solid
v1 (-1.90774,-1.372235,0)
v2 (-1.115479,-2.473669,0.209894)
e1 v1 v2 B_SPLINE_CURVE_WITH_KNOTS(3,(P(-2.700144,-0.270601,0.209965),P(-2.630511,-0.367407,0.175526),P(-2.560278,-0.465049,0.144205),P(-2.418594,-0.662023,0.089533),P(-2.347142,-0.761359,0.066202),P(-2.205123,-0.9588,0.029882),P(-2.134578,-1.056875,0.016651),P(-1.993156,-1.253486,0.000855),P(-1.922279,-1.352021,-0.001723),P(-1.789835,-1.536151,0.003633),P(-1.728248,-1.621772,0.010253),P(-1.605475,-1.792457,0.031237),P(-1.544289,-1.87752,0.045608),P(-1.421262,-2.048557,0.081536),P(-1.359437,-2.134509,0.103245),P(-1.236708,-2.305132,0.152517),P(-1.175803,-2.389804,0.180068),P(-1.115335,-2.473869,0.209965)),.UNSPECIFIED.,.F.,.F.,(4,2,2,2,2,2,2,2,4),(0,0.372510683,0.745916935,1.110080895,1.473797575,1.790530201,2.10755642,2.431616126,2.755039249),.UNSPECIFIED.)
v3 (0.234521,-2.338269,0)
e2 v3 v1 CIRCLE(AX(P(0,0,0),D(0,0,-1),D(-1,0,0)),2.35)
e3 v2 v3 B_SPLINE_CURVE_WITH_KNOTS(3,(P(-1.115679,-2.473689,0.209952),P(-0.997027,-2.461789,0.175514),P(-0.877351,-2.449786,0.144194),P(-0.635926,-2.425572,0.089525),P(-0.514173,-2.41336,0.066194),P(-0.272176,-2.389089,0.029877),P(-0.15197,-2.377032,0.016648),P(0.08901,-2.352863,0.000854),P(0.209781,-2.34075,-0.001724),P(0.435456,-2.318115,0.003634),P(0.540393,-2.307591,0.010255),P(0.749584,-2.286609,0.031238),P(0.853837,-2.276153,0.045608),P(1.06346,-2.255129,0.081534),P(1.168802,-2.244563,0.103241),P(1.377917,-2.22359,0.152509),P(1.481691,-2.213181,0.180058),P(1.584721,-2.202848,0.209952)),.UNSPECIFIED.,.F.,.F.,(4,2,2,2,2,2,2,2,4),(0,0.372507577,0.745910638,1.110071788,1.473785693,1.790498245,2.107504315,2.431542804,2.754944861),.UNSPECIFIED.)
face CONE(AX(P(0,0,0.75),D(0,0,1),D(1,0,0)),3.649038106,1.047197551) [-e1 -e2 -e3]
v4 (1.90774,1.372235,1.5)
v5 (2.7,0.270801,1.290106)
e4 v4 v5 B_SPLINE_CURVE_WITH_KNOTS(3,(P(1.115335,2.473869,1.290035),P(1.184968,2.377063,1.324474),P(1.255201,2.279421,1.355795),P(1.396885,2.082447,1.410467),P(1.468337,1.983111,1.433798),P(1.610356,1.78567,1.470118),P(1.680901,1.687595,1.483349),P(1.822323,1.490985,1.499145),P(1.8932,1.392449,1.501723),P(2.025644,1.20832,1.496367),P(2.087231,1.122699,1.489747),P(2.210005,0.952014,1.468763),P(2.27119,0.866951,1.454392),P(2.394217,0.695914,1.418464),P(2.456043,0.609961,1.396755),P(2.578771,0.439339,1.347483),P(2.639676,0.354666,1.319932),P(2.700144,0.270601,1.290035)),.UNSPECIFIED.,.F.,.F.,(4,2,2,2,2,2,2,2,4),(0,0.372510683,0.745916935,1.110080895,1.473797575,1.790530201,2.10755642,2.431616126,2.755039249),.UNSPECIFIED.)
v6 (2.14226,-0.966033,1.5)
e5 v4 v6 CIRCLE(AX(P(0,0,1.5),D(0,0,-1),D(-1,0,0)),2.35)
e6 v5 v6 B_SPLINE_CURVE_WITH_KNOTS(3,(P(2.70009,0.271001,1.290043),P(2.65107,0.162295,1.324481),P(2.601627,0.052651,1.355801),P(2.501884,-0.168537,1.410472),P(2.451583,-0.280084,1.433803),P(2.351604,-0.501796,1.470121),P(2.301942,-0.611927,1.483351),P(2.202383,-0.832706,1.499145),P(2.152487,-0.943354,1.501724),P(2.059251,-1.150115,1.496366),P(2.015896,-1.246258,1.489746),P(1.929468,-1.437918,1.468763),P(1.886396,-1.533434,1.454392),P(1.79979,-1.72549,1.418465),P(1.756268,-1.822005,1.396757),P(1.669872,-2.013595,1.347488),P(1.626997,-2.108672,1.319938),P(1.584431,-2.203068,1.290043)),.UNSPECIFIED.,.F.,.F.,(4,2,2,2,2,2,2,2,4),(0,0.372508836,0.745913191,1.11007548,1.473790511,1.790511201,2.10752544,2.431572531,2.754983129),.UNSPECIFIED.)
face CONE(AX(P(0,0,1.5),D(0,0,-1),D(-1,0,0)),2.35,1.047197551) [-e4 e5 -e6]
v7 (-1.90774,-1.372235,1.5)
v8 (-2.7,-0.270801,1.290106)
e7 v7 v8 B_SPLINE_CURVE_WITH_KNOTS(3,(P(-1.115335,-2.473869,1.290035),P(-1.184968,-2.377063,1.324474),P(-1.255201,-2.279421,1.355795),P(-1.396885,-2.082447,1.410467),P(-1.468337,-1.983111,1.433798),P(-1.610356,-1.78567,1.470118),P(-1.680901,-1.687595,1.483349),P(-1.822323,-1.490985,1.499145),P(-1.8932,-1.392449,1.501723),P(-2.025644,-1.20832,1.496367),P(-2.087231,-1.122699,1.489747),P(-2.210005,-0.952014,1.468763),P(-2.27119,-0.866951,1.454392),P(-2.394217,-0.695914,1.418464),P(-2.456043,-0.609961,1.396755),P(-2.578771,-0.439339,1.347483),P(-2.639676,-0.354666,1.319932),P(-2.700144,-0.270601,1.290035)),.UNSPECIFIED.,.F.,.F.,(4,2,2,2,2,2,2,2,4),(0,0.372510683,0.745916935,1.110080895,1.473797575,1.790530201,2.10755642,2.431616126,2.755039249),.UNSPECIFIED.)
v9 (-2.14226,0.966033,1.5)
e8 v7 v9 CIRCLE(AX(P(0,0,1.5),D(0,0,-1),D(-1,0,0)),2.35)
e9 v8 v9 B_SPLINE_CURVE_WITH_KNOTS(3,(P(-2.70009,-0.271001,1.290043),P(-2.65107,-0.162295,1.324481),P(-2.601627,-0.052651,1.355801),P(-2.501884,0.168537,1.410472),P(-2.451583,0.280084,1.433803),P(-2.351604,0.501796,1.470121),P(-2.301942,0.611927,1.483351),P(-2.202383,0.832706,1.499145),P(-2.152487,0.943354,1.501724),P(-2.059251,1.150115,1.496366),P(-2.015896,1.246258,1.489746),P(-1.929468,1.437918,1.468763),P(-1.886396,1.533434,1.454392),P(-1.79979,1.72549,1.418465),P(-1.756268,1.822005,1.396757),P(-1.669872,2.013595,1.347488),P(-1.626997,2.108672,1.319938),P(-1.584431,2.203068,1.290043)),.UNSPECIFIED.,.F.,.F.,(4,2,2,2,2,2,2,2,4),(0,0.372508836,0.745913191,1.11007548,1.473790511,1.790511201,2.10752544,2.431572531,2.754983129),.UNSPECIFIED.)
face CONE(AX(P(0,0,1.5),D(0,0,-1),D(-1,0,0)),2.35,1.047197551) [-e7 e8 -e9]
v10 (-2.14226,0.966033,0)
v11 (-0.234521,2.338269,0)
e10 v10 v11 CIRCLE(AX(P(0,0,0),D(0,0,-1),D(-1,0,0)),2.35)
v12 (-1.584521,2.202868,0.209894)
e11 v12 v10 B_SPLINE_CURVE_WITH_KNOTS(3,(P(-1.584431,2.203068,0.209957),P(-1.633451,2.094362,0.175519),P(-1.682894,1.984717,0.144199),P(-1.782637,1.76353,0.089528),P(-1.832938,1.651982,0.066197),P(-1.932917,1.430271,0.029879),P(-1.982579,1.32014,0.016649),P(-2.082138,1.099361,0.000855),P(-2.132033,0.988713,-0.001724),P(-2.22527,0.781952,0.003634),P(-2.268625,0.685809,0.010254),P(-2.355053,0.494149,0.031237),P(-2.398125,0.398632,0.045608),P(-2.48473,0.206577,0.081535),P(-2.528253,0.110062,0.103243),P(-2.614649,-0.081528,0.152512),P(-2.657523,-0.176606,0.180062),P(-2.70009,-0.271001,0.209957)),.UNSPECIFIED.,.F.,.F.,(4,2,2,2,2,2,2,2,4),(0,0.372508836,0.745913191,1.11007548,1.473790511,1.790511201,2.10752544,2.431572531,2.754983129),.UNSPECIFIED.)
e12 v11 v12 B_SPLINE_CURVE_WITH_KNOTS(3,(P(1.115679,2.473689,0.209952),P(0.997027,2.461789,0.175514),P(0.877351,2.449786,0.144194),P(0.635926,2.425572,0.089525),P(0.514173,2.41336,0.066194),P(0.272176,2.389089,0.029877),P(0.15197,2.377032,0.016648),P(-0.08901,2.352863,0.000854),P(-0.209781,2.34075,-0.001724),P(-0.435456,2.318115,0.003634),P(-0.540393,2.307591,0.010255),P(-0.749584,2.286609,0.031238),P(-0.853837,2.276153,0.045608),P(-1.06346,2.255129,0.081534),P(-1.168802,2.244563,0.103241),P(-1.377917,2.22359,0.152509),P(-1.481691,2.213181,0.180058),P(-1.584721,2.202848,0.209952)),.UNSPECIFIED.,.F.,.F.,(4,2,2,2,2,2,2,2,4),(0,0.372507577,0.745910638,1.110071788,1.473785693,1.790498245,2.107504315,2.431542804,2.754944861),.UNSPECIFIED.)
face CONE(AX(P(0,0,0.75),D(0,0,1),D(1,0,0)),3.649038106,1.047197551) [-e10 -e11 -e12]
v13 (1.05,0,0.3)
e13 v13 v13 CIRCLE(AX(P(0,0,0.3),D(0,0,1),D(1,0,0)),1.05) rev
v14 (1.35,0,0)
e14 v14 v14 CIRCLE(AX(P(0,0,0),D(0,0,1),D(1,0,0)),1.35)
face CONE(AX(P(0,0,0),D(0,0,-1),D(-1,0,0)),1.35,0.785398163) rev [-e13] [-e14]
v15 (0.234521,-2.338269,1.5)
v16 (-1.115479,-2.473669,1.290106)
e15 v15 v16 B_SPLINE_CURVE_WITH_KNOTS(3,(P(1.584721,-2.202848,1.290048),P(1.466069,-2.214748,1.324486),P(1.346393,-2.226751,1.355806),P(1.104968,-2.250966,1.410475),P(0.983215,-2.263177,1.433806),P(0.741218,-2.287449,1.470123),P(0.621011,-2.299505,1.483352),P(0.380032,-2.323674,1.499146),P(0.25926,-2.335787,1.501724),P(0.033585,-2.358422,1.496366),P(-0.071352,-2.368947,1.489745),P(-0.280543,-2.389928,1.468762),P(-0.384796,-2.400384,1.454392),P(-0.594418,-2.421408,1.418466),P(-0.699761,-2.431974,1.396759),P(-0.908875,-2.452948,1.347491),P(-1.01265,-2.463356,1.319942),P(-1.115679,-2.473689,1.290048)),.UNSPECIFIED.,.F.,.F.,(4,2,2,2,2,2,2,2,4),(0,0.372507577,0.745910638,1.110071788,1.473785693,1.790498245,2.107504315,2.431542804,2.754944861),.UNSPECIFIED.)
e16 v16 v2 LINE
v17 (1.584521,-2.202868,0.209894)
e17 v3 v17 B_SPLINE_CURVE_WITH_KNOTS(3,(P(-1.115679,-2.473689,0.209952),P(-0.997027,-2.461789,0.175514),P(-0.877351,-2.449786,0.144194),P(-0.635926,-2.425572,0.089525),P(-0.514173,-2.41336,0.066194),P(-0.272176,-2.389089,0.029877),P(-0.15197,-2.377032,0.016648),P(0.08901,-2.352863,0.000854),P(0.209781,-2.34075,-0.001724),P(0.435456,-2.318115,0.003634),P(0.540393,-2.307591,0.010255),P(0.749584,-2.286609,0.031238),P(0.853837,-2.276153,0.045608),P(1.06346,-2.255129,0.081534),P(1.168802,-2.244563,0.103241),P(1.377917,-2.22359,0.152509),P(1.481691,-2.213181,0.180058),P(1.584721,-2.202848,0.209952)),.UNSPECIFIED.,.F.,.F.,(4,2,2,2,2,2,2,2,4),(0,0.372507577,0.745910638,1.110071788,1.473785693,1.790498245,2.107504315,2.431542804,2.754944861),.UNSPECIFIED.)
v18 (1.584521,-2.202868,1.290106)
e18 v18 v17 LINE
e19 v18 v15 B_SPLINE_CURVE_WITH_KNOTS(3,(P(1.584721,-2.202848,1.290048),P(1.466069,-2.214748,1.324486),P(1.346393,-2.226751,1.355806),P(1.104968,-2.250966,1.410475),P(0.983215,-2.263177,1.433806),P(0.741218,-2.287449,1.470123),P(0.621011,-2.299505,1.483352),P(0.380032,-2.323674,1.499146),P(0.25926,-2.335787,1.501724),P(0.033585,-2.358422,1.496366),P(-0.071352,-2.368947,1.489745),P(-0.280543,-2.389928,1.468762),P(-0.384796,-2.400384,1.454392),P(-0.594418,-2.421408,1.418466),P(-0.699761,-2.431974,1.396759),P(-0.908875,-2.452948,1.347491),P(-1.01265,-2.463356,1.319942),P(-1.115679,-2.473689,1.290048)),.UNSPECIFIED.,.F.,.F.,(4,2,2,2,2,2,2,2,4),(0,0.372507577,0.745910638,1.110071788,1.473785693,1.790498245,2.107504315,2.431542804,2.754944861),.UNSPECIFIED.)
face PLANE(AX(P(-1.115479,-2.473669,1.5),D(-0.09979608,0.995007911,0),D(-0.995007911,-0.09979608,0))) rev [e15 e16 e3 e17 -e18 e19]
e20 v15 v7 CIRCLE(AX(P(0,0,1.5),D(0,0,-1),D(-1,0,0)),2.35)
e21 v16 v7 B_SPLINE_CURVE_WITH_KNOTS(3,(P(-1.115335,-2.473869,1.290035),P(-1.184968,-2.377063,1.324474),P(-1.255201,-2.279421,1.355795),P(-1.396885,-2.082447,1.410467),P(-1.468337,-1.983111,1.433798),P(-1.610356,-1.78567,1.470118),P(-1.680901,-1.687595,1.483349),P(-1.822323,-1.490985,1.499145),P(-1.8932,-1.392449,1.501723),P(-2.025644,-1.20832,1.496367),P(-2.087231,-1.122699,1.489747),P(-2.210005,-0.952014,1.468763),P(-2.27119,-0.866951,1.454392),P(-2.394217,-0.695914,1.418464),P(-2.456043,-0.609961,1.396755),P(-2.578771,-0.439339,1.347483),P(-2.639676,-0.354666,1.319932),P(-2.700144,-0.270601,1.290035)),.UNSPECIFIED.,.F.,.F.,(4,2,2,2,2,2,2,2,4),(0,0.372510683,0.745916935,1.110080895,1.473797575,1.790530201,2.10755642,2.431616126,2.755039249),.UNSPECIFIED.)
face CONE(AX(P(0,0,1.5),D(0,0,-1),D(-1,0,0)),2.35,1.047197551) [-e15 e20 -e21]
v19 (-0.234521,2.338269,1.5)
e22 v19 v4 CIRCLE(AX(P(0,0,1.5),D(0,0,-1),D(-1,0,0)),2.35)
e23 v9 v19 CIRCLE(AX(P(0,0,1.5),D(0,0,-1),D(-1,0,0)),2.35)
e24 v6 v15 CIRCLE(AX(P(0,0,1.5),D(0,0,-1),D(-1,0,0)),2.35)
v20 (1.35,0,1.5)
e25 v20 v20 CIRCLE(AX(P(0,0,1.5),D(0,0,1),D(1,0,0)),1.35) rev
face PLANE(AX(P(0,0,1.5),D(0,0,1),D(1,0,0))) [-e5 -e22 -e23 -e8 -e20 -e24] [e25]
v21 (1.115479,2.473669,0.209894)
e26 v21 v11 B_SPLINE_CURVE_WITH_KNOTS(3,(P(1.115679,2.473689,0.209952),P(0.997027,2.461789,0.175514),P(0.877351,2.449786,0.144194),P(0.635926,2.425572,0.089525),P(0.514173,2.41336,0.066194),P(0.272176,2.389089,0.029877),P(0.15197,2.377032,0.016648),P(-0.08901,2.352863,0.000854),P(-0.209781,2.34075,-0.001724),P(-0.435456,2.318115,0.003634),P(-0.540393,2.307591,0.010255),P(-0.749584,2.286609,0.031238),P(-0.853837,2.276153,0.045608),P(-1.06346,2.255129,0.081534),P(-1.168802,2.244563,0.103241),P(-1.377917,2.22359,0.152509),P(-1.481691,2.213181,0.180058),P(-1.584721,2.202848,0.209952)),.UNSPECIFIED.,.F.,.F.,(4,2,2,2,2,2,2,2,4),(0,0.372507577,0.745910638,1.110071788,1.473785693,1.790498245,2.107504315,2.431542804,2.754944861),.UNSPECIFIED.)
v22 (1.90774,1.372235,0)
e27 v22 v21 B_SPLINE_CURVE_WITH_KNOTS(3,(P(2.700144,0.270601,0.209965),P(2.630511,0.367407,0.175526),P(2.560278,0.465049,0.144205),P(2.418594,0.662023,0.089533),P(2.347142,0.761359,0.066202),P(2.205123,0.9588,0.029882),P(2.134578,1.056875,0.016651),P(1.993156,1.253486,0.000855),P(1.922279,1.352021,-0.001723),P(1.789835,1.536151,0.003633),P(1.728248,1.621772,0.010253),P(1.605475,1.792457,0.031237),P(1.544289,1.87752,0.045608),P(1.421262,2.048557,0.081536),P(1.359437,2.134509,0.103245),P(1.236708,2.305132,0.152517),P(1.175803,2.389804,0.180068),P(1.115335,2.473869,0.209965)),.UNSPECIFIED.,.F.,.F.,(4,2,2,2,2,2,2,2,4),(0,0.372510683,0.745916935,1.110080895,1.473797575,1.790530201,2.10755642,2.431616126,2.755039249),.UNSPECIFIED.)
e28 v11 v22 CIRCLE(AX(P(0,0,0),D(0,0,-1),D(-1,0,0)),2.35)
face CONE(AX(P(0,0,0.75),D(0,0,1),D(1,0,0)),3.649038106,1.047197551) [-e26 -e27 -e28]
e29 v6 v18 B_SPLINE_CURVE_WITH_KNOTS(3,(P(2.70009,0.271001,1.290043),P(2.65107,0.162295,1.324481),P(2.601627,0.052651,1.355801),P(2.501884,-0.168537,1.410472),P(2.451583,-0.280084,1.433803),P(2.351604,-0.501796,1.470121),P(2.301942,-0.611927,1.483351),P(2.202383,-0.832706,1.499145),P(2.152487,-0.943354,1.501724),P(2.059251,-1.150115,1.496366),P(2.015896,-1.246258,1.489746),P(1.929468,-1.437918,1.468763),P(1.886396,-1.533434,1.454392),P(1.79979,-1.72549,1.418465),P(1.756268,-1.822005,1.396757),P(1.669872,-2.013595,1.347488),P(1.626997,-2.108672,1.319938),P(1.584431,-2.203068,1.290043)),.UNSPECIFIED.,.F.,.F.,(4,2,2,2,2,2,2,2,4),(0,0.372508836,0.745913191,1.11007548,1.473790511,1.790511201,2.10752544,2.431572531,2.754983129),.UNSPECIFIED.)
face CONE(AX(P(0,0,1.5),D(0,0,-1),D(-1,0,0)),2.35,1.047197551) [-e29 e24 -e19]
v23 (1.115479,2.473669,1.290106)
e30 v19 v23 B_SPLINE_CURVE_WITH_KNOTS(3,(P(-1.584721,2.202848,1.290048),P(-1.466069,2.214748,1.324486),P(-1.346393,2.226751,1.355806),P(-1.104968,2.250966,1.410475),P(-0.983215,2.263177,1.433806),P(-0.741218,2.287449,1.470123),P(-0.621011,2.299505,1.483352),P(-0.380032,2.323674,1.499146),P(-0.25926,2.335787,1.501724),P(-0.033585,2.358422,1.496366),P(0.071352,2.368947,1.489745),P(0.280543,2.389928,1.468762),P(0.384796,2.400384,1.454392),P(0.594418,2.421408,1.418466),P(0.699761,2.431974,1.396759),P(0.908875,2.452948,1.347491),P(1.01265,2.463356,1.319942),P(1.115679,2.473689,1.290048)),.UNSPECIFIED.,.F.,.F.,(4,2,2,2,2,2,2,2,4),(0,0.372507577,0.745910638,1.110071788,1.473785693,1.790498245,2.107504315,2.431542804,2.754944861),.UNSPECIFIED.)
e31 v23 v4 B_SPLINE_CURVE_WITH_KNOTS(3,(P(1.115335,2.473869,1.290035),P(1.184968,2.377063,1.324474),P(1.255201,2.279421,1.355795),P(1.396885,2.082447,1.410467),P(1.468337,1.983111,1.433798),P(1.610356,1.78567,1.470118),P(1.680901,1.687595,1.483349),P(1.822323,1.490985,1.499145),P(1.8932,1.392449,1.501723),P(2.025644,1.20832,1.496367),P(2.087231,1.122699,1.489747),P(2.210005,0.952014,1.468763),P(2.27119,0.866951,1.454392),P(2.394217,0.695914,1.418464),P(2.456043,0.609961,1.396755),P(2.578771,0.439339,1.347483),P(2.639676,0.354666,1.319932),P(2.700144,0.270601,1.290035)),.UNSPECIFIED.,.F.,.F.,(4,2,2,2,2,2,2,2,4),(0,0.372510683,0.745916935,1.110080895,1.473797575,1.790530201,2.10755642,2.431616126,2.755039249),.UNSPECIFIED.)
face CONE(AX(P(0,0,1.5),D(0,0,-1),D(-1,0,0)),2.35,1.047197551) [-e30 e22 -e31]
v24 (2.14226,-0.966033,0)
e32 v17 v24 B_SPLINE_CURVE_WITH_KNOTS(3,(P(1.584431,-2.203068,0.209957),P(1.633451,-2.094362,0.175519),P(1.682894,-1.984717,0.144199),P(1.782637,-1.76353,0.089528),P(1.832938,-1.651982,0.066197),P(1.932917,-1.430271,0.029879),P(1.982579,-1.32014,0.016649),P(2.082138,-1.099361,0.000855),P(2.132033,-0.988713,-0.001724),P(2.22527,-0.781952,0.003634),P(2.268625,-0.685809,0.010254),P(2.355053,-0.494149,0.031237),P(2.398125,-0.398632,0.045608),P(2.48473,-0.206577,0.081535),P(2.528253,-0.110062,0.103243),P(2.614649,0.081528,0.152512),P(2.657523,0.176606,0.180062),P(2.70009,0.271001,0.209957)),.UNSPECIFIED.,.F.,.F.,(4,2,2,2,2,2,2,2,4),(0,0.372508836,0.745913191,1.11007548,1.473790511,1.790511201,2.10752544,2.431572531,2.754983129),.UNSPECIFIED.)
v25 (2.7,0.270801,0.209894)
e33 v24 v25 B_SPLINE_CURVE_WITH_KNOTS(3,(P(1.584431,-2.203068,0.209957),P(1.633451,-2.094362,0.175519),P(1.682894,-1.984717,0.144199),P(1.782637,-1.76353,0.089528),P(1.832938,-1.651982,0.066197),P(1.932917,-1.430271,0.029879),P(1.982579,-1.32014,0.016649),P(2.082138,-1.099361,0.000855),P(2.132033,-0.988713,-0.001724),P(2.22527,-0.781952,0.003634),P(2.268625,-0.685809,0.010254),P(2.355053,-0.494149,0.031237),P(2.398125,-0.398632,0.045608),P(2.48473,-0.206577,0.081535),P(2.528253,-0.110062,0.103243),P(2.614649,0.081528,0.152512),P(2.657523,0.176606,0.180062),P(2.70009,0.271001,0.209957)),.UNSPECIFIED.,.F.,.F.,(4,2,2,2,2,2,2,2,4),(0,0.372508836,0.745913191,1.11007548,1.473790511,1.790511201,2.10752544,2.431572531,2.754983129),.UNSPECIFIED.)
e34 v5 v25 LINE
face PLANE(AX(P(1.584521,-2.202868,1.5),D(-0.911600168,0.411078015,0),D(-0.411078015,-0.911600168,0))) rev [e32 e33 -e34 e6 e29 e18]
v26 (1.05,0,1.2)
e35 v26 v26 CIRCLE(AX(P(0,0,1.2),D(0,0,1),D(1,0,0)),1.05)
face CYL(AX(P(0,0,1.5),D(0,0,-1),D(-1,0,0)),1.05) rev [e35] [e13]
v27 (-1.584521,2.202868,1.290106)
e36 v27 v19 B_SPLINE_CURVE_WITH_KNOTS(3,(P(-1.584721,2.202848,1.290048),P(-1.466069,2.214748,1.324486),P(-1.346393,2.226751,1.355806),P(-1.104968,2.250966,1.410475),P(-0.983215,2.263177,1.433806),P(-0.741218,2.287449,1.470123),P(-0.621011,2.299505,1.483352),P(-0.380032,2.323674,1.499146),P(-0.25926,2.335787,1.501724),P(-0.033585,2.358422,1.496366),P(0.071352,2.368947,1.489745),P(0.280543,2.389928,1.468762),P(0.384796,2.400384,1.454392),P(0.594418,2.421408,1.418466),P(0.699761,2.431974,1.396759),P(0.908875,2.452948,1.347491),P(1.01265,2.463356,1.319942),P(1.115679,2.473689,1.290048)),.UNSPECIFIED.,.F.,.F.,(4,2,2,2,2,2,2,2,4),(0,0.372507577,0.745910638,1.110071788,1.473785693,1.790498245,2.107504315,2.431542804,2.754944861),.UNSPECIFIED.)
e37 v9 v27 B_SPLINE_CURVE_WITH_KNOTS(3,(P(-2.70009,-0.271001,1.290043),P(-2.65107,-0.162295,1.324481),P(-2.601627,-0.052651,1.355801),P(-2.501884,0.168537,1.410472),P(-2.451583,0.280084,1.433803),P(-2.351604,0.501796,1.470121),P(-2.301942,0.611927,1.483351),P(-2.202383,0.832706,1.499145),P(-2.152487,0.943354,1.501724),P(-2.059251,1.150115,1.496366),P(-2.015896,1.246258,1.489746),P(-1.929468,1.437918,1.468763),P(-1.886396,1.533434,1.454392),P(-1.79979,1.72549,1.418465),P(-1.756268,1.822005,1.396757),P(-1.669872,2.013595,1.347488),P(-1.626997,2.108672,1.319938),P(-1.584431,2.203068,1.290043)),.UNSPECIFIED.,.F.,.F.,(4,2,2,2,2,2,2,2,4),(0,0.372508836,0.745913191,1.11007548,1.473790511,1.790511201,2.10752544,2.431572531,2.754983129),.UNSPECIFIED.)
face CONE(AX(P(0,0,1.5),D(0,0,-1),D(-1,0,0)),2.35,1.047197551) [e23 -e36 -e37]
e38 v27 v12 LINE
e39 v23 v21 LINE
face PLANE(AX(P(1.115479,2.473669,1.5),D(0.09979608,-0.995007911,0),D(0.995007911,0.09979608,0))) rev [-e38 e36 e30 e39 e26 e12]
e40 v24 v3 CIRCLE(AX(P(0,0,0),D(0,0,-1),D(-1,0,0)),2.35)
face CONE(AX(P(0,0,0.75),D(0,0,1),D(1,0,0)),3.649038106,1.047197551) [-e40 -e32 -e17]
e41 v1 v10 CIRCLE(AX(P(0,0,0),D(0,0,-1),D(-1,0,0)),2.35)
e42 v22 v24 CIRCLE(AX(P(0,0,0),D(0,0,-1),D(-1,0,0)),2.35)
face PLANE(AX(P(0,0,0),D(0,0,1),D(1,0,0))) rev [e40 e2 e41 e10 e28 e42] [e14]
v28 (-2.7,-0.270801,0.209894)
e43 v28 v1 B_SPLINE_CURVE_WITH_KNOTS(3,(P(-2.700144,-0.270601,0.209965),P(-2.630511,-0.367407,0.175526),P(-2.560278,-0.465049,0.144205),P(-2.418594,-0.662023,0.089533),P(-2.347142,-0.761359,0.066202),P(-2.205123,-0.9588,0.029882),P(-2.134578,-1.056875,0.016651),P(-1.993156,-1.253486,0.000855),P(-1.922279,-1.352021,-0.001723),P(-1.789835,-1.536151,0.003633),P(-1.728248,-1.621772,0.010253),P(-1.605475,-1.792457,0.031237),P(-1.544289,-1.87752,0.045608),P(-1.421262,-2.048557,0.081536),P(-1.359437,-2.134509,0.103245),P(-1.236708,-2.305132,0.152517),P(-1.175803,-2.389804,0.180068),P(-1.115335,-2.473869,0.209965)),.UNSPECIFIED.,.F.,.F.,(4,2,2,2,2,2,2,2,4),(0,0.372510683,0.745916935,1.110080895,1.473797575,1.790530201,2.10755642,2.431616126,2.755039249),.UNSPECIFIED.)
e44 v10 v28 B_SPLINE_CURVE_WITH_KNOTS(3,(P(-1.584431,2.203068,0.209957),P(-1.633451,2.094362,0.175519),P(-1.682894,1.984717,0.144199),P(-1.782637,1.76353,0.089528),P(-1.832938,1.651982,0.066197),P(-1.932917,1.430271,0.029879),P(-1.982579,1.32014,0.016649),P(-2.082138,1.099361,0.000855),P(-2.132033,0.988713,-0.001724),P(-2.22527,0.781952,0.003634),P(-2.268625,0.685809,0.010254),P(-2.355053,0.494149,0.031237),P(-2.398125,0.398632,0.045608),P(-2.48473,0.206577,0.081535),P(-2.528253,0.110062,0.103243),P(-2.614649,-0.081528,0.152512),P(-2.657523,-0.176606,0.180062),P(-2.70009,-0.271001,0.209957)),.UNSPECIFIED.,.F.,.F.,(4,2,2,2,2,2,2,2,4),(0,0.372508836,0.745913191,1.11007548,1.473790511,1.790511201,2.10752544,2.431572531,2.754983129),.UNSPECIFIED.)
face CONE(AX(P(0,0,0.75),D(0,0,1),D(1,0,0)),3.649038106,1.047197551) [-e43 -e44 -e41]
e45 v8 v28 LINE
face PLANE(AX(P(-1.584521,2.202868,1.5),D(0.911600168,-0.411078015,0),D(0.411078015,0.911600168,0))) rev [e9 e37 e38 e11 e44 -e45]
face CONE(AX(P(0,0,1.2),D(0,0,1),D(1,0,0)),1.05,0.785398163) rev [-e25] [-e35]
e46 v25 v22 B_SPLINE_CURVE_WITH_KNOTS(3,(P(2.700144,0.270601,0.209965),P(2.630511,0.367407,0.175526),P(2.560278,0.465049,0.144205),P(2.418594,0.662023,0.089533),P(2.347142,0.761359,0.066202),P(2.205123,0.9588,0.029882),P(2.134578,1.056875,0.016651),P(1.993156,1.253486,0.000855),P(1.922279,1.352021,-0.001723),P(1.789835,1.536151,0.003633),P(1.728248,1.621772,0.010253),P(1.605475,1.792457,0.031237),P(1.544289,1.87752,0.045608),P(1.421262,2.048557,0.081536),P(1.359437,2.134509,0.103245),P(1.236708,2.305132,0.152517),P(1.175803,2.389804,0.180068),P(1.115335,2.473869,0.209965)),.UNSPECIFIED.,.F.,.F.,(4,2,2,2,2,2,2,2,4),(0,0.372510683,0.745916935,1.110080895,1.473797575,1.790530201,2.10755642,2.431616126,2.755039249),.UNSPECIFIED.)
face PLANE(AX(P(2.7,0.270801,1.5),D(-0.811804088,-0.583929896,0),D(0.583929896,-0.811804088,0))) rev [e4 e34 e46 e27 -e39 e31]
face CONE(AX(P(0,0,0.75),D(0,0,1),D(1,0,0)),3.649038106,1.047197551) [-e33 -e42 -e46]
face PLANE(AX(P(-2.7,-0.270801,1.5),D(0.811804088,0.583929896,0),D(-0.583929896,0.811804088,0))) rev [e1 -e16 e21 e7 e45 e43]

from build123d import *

# Parameters (mm, degrees)
SKICA1_R                = 1.05
P_IDAT_VYSUNUT_M1_DEPTH = 1.5
ZKOSEN_1_SIZE           = 0.3


with BuildPart() as part:
    # Skica1 → Přidat vysunutím1 (new body)
    with BuildSketch(Plane.XY):
        Polygon((1.115479212, 2.47366923), (-1.584520788, 2.20286795), (-2.7, -0.27080128), (-1.115479212, -2.47366923), (1.584520788, -2.20286795), (2.7, 0.27080128), align=None)
        Circle(SKICA1_R, mode=Mode.SUBTRACT)
    extrude(amount=P_IDAT_VYSUNUT_M1_DEPTH)

    # Skica2 → Odebrat rotací1 (revolve, cut)
    with BuildSketch(Plane(origin=(0, 0, 0), x_dir=(0.911600167657697, -0.41107801489067575, 0), z_dir=(0.41107801489067575, 0.911600167657697, 0))):
        Polygon((-3.649038106, -1.5), (-2.35, -1.5), (-3.649038106, -0.75), align=None)
        Polygon((-3.649038106, -0.75), (-2.35, 0), (-3.649038106, 0), align=None)
    revolve(axis=Axis((0, 0, 0.75), (0, 0, 1)), mode=Mode.SUBTRACT)

    # Zkosení1
    zkosen_1_edges = [part.edges().sort_by_distance(p)[0] for p in [
        (-1.05, 0, 0),
        (-1.05, 0, 1.5),
    ]]
    chamfer(zkosen_1_edges, length=ZKOSEN_1_SIZE)


solid = part.part
